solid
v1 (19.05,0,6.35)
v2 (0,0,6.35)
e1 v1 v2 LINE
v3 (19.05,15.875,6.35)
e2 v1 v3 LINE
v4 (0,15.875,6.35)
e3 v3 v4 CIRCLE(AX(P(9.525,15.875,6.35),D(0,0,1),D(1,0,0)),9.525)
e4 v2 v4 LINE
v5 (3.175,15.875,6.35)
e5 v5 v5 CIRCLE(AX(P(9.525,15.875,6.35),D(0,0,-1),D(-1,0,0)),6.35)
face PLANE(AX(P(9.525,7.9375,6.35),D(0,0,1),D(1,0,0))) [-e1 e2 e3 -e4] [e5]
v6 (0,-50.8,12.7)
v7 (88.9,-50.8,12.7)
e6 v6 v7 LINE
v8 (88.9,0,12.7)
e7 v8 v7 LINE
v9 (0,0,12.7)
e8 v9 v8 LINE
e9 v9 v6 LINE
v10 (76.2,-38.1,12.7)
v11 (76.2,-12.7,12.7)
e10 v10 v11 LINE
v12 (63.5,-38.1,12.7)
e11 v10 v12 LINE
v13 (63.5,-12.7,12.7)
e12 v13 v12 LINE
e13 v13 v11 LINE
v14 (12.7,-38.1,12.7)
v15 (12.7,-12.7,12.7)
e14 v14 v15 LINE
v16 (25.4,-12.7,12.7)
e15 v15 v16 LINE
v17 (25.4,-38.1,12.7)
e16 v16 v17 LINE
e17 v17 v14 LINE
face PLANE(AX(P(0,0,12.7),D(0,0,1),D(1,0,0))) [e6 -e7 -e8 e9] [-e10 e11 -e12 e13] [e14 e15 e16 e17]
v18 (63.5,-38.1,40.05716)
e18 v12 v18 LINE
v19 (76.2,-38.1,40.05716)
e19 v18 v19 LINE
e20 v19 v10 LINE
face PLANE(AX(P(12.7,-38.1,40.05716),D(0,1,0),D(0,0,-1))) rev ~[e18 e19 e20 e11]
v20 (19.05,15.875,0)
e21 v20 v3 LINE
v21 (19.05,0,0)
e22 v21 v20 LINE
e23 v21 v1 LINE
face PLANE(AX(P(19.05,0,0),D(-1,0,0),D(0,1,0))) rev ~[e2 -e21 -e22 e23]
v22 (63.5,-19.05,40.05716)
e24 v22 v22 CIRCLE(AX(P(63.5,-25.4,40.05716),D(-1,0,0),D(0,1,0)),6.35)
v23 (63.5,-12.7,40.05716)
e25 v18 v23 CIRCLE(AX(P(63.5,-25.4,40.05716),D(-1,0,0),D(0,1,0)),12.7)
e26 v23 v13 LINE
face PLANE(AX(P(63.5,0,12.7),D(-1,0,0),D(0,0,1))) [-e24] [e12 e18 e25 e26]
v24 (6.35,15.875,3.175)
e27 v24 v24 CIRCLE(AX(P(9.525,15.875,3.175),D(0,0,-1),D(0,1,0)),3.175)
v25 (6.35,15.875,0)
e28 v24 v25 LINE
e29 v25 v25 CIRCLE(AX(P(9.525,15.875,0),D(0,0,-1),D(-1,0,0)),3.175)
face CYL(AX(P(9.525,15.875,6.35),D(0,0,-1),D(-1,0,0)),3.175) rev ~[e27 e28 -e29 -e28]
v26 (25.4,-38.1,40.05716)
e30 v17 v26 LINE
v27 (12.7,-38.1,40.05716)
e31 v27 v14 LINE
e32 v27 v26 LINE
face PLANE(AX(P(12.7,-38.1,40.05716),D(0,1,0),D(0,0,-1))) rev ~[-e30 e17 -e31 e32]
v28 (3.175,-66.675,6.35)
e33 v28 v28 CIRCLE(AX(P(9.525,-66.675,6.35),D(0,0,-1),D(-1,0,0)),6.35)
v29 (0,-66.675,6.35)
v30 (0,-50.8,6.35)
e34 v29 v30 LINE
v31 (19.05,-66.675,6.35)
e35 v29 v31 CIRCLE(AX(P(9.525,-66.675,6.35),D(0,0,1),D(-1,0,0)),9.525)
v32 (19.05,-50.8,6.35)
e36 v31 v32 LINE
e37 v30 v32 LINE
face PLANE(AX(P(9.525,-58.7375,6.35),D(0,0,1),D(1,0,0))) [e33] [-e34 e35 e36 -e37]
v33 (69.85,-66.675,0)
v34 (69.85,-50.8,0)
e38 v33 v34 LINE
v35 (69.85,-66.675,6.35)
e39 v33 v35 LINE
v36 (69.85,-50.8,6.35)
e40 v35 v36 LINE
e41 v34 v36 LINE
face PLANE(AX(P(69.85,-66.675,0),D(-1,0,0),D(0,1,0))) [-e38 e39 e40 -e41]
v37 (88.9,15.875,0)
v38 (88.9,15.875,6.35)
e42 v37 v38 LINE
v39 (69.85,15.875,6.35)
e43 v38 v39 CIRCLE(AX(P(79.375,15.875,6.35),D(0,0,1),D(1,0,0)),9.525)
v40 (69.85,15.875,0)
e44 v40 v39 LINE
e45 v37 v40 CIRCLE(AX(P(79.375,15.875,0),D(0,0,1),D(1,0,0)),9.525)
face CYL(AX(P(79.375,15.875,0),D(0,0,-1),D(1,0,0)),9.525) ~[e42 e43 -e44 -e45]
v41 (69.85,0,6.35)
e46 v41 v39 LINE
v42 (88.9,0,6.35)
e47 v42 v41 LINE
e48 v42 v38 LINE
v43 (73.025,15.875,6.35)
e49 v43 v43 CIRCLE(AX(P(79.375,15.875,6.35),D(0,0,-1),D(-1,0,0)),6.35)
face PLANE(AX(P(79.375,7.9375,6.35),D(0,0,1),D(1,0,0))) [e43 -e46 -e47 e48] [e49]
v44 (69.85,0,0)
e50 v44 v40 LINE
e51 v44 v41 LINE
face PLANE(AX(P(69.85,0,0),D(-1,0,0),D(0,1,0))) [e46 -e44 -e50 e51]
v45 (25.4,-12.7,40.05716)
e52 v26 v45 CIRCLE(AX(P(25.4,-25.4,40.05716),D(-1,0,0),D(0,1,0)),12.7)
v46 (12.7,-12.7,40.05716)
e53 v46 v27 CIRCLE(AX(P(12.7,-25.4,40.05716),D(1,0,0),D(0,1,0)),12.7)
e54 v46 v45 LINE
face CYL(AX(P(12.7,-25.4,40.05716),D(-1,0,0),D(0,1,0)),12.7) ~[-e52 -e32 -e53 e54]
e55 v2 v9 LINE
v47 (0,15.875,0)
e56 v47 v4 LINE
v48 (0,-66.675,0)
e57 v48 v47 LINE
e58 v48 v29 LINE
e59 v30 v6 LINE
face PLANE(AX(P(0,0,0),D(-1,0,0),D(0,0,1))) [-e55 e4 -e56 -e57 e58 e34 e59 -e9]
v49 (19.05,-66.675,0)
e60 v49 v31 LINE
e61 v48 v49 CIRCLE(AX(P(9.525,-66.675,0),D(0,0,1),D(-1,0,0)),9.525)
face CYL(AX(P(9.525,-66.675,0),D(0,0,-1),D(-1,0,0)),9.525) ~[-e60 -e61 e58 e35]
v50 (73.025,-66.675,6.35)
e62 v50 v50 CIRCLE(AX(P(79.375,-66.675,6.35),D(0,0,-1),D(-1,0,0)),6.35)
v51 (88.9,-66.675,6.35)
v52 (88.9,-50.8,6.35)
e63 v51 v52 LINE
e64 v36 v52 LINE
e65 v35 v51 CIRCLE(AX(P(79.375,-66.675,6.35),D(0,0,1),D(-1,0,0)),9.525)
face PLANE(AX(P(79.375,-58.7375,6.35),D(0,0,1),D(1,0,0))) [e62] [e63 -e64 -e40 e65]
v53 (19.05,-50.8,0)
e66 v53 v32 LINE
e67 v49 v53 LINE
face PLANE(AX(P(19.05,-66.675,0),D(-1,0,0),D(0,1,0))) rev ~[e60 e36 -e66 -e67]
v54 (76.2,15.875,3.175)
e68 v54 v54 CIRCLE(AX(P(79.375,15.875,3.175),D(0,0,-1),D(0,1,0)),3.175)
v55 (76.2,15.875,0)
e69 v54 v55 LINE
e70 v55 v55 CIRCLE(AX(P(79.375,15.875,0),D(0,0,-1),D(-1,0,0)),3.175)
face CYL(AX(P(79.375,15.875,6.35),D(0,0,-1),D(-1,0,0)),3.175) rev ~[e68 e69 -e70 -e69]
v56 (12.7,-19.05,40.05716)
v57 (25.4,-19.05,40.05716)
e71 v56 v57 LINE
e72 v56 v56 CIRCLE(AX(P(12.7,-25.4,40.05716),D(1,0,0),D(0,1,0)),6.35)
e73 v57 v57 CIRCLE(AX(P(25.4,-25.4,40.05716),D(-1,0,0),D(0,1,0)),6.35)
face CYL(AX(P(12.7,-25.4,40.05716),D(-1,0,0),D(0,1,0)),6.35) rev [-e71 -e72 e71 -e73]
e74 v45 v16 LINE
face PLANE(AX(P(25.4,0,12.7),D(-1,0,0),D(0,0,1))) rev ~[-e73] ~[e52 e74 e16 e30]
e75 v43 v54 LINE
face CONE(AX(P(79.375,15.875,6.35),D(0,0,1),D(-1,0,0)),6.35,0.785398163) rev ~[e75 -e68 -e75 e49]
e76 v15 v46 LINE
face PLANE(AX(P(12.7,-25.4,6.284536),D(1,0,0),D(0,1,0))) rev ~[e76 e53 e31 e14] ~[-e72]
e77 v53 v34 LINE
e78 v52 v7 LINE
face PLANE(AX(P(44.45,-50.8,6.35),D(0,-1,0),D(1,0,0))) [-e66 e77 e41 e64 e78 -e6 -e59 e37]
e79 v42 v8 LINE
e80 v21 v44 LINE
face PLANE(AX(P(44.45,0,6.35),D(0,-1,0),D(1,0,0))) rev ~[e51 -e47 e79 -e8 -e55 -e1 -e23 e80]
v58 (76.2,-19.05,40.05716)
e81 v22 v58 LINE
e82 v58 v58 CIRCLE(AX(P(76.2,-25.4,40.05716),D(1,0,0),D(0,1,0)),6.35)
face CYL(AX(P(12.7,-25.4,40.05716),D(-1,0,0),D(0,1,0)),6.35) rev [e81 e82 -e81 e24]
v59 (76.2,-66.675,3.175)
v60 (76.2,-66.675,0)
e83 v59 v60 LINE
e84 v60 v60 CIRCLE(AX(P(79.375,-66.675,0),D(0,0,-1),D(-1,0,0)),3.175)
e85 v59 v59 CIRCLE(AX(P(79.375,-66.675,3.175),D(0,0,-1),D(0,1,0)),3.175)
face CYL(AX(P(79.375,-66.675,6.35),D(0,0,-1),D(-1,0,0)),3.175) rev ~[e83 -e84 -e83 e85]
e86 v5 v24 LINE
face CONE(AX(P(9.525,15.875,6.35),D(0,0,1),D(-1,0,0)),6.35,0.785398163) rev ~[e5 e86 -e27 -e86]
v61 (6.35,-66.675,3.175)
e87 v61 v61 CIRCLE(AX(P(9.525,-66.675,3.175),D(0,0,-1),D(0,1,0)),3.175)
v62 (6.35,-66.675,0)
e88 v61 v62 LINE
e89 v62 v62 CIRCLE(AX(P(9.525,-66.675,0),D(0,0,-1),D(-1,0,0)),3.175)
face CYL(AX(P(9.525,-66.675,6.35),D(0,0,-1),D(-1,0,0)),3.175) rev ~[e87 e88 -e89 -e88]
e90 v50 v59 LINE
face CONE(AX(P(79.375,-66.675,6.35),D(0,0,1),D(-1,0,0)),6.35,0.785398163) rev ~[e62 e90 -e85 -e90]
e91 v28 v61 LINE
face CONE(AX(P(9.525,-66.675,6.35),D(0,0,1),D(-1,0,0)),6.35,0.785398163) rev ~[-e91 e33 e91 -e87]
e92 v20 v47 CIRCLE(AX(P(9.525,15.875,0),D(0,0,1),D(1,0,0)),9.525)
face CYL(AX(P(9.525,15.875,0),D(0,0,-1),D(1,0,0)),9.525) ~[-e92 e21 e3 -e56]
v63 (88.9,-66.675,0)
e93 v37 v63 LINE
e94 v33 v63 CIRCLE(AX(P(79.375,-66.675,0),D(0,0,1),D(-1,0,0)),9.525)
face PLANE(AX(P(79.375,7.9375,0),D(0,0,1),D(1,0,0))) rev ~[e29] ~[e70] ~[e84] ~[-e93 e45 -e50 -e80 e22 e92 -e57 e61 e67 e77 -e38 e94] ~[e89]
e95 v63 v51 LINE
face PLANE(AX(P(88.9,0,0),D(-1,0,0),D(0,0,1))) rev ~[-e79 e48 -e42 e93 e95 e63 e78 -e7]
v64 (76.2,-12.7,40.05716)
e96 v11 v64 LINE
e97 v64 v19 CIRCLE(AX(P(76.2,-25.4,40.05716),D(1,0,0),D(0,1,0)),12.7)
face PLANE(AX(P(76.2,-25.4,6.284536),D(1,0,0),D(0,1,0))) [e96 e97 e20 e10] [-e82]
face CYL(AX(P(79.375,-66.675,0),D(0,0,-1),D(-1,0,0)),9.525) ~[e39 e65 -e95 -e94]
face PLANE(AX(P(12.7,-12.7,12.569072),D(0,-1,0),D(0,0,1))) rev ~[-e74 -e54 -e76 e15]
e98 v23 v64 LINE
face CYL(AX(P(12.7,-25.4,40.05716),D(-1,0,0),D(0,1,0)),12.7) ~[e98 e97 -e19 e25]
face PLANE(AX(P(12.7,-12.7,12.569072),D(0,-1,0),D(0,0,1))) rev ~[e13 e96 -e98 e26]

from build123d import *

# Parameters (mm, degrees)
F0_W           = 88.9
F0_H           = 12.7
F1_DEPTH       = 50.8
F2_W           = 19.05
F2_H           = 15.875
F3_DEPTH       = 6.35
F5_START       = 12.7
F4_R           = 6.35
F5_DEPTH       = 63.5
F6_W           = 38.1
F6_H           = 44.45
F7_DEPTH       = 50.8
F9_D           = 6.35
F9_CSINK_D     = 12.7
F9_CSINK_ANGLE = 90


with BuildPart() as f1:
    # F0 (on Front) → F1 (new body)
    with BuildSketch(Plane.XZ):
        with Locations((44.45, 6.35)):
            Rectangle(F0_W, F0_H)
    extrude(amount=F1_DEPTH)

    # F2 (on Top) → F3 (join)
    with BuildSketch(Plane.XY):
        with Locations((79.375, 7.9375)):
            Rectangle(F2_W, F2_H)
        with Locations((79.375, -58.7375)):
            Rectangle(F2_W, F2_H)
        with Locations((9.525, -58.7375)):
            Rectangle(F2_W, F2_H)
        with Locations((9.525, 7.9375)):
            Rectangle(F2_W, F2_H)
        with BuildLine():
            ThreePointArc((19.05, 15.875), (9.525, 25.4), (0, 15.875))
            Line((0, 15.875), (19.05, 15.875))
        make_face()
        with BuildLine():
            Line((19.05, -66.675), (0, -66.675))
            ThreePointArc((0, -66.675), (9.525, -76.2), (19.05, -66.675))
        make_face()
        with BuildLine():
            ThreePointArc((88.9, 15.875), (79.375, 25.4), (69.85, 15.875))
            Line((69.85, 15.875), (88.9, 15.875))
        make_face()
        with BuildLine():
            Line((88.9, -66.675), (69.85, -66.675))
            ThreePointArc((69.85, -66.675), (79.375, -76.2), (88.9, -66.675))
        make_face()
    extrude(amount=F3_DEPTH)

    # F4 (on Right) → F5 (join)
    with BuildSketch(Plane.YZ.offset(F5_START)):
        Polygon((-50.8, 0), (0, 0), (0, 12.5690720878), (-12.7, 12.5690720878), (-38.1, 12.5690720878), (-50.8, 12.5690720878), align=None)
        with BuildLine():
            Line((-38.1, 12.5690720878), (-12.7, 12.5690720878))
            Line((-12.7, 12.5690720878), (-12.7, 40.0571599603))
            ThreePointArc((-12.7, 40.0571599603), (-25.4, 52.7571599603), (-38.1, 40.0571599603))
            Line((-38.1, 40.0571599603), (-38.1, 12.5690720878))
        make_face()
        with Locations((-25.4, 40.0571599603)):
            Circle(F4_R, mode=Mode.SUBTRACT)
    extrude(amount=F5_DEPTH)

    # F6 (on Front) → F7 (cut)
    with BuildSketch(Plane.XZ):
        with Locations((44.45, 34.925)):
            Rectangle(F6_W, F6_H)
    extrude(amount=F7_DEPTH, mode=Mode.SUBTRACT)

    # F9 (through all)
    with Locations(Plane.XY.offset(6.35)):
        with Locations((9.525, -66.675), (79.375, -66.675), (9.525, 15.875), (79.375, 15.875)):
            CounterSinkHole(F9_D / 2, F9_CSINK_D / 2, counter_sink_angle=F9_CSINK_ANGLE)


solid = f1.part
